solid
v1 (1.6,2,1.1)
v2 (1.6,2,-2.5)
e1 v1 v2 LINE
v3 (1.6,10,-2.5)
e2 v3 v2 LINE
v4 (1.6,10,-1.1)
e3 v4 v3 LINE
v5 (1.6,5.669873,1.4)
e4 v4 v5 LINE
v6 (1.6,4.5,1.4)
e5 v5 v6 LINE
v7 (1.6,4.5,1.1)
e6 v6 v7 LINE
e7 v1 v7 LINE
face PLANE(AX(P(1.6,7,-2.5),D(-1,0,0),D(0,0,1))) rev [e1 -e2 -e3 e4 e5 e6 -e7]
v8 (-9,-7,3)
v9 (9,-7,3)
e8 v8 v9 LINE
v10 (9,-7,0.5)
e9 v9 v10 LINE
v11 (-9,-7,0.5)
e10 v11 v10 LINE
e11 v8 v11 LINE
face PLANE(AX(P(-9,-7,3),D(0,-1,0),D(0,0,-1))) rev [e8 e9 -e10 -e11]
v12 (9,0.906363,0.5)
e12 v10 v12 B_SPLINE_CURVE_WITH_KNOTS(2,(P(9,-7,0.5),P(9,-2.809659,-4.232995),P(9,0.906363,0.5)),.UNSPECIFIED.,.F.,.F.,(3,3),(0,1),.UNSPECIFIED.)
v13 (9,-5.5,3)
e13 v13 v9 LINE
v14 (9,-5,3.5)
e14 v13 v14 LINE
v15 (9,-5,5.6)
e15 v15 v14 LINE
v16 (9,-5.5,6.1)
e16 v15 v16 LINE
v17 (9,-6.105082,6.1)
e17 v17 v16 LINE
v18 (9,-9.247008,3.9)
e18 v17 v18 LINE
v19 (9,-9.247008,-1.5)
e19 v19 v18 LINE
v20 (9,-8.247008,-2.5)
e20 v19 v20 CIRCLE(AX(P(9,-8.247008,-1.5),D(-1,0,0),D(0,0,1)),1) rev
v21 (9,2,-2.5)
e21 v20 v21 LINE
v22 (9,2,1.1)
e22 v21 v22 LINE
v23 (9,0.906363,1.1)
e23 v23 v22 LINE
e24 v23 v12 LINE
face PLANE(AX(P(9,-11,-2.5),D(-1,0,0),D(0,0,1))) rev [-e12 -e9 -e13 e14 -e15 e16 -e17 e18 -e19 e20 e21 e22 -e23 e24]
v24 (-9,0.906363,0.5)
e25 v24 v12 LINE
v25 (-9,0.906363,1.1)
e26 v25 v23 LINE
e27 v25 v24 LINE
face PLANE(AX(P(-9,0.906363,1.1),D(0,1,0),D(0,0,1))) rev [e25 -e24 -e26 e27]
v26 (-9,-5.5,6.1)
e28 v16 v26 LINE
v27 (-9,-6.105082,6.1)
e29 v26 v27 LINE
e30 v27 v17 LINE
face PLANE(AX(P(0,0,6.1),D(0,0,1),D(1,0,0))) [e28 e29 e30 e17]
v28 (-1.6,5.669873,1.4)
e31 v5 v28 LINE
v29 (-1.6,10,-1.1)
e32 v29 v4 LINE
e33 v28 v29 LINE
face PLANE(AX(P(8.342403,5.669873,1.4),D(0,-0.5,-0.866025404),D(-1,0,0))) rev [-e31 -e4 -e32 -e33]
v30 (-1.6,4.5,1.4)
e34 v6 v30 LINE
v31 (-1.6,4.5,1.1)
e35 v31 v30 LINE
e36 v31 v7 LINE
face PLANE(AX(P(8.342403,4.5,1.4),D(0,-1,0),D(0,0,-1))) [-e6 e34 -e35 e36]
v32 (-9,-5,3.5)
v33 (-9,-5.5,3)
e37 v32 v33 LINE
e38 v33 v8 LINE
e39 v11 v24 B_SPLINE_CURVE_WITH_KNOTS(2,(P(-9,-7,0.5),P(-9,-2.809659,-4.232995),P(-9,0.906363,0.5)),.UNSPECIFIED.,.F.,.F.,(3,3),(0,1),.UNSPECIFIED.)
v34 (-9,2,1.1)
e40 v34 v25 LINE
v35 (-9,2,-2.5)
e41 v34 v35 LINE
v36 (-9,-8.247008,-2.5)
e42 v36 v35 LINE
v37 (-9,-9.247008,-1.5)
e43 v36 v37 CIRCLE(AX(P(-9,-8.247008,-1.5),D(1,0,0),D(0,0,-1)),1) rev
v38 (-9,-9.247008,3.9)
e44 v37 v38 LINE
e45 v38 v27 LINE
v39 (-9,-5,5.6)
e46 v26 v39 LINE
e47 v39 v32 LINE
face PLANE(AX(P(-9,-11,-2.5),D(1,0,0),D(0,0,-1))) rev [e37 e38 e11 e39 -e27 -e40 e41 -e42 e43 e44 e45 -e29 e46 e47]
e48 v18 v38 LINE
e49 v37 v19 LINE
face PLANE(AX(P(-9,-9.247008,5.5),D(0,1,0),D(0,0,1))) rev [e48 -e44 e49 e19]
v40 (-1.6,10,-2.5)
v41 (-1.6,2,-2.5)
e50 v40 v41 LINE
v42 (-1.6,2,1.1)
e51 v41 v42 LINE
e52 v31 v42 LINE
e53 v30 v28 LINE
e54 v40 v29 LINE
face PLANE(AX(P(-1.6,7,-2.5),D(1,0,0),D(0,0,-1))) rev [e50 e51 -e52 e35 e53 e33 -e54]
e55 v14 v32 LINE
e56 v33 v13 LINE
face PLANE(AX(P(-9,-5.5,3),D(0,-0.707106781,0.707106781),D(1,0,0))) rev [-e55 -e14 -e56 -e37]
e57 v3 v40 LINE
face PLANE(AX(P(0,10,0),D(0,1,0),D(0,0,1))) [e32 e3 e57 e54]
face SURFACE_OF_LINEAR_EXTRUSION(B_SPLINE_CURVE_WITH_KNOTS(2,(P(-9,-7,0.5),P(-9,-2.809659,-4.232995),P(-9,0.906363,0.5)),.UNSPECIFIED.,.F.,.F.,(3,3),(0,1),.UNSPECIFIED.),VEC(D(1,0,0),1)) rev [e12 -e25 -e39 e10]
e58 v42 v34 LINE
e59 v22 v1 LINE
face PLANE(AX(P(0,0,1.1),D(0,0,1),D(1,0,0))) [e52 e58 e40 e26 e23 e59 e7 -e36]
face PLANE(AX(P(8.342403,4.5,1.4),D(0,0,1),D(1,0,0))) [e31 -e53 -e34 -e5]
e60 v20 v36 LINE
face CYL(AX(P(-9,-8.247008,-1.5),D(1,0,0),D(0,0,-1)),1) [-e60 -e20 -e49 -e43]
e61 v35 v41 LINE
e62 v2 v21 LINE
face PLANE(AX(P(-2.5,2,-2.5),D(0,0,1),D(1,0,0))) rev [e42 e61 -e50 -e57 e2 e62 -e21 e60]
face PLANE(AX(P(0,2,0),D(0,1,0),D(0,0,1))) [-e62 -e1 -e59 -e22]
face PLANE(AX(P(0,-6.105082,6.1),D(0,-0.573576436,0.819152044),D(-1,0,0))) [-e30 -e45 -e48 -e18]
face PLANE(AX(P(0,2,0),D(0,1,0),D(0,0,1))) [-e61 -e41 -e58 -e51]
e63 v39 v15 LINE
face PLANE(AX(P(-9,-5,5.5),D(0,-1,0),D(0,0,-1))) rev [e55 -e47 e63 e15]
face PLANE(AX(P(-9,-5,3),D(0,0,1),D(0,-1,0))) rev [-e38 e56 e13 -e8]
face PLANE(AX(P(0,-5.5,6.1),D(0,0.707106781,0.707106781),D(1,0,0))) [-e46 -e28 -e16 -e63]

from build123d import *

# Parameters (mm, degrees)
SKETCH1_W           = 5
SKETCH1_H           = 5
BOSS_EXTRUDE1_DEPTH = 2
SKETCH2_W           = 3.2
SKETCH2_H           = 3
BOSS_EXTRUDE2_DEPTH = 5
SKETCH3_W           = 3.2
SKETCH3_H           = 3.6
BOSS_EXTRUDE3_DEPTH = 3
CUT_EXTRUDE1_DEPTH  = 12.093241186
SKETCH6_W           = 5
SKETCH6_H           = 2
CUT_EXTRUDE2_DEPTH  = 12.456439237
SKETCH7_W           = 18
SKETCH7_H           = 4
BOSS_EXTRUDE5_DEPTH = 13
SKETCH8_W           = 18
SKETCH8_H           = 6
BOSS_EXTRUDE6_DEPTH = 4
SKETCH9_W           = 1.5
SKETCH9_H           = 2
CUT_EXTRUDE4_DEPTH  = 22.800229357
SKETCH10_W          = 1
SKETCH10_H          = 9
CUT_EXTRUDE5_DEPTH  = 22.800229357
CUT_EXTRUDE6_DEPTH  = 22.800229357
BOSS_EXTRUDE7_DEPTH = 0.6
SKETCH13_W          = 3.9
SKETCH13_H          = 5.5
BOSS_EXTRUDE8_DEPTH = 3.2
CHAMFER2_SIZE       = 2.5
CHAMFER2_SIZE2      = 4.330127019
SKETCH14_W          = 8
SKETCH14_H          = 1.75299242
CUT_EXTRUDE7_DEPTH  = 22.800229515
SKETCH16_W          = 18
SKETCH16_H          = 4.24700758
BOSS_EXTRUDE9_DEPTH = 0.6
CHAMFER4_SIZE       = 2.2
CHAMFER4_SIZE2      = 3.141925615
CHAMFER5_SIZE       = 0.5
FILLET1_R           = 1


with BuildPart() as part:
    # Sketch1 → Boss-Extrude1 (new body)
    with BuildSketch(Plane(origin=(0, 0, 0), x_dir=(1, 0, 0), z_dir=(0, 1, 0))):
        Rectangle(SKETCH1_W, SKETCH1_H)
    extrude(amount=BOSS_EXTRUDE1_DEPTH)

    # Sketch2 → Boss-Extrude2 (add)
    with BuildSketch(Plane(origin=(0, 2, 0), x_dir=(1, 0, 0), z_dir=(0, 1, 0))):
        with Locations((0, 1)):
            Rectangle(SKETCH2_W, SKETCH2_H)
    extrude(amount=BOSS_EXTRUDE2_DEPTH)

    # Sketch3 → Boss-Extrude3 (add)
    with BuildSketch(Plane(origin=(0, 7, 0), x_dir=(1, 0, 0), z_dir=(0, 1, 0))):
        with Locations((0, 0.7)):
            Rectangle(SKETCH3_W, SKETCH3_H)
    extrude(amount=BOSS_EXTRUDE3_DEPTH)

    # Sketch4 → Cut-Extrude1 (cut, through all)
    with BuildSketch(Plane(origin=(1.6, 0, 0), x_dir=(0, 0, -1), z_dir=(1, 0, 0))):
        Polygon((-1.1, 7), (0.75, 10), (-1.1, 10), align=None)
    extrude(amount=-CUT_EXTRUDE1_DEPTH, mode=Mode.SUBTRACT)

    # Sketch6 → Cut-Extrude2 (cut, through all)
    with BuildSketch(Plane.XY.offset(2.5)):
        with Locations((0, 1)):
            Rectangle(SKETCH6_W, SKETCH6_H)
    extrude(amount=-CUT_EXTRUDE2_DEPTH, mode=Mode.SUBTRACT)

    # Sketch7 → Boss-Extrude5 (add)
    with BuildSketch(Plane.XZ.offset(-2)):
        with Locations((0, -0.5)):
            Rectangle(SKETCH7_W, SKETCH7_H)
    extrude(amount=BOSS_EXTRUDE5_DEPTH)

    # Sketch8 → Boss-Extrude6 (add)
    with BuildSketch(Plane.XY.offset(1.5)):
        with Locations((0, -8)):
            Rectangle(SKETCH8_W, SKETCH8_H)
    extrude(amount=BOSS_EXTRUDE6_DEPTH)

    # Sketch9 → Cut-Extrude4 (cut, through all)
    with BuildSketch(Plane(origin=(9, 0, 0), x_dir=(0, 0, -1), z_dir=(1, 0, 0))):
        with Locations((-2.25, -6)):
            Rectangle(SKETCH9_W, SKETCH9_H)
    extrude(amount=-CUT_EXTRUDE4_DEPTH, mode=Mode.SUBTRACT)

    # Sketch10 → Cut-Extrude5 (cut, through all)
    with BuildSketch(Plane(origin=(9, 0, 0), x_dir=(0, 0, -1), z_dir=(1, 0, 0))):
        with Locations((-1, -2.5)):
            Rectangle(SKETCH10_W, SKETCH10_H)
    extrude(amount=-CUT_EXTRUDE5_DEPTH, mode=Mode.SUBTRACT)

    # Sketch11 → Cut-Extrude6 (cut, through all)
    with BuildSketch(Plane(origin=(9, 0, 0), x_dir=(0, 0, -1), z_dir=(1, 0, 0))):
        with BuildLine():
            Line((-0.5, 0.906362555), (-0.5, -7))
            add(Edge.make_bspline(
                [(-0.5, 0.906362555), (4.232995097, -2.809658902), (-0.5, -7)],
                knots=[0, 0, 0, 1, 1, 1], degree=2))
        make_face()
    extrude(amount=-CUT_EXTRUDE6_DEPTH, mode=Mode.SUBTRACT)

    # Sketch12 → Boss-Extrude7 (add)
    with BuildSketch(Plane.XY.offset(0.5)):
        Polygon((-9, 2), (-9, 0.906362555), (9, 0.906362555), (9, 2), (1.6, 2), (1.6, 7), (-1.6, 7), (-1.6, 2), align=None)
    extrude(amount=BOSS_EXTRUDE7_DEPTH)

    # Sketch13 → Boss-Extrude8 (add)
    with BuildSketch(Plane.ZY.offset(1.6)):
        with Locations((-0.55, 7.25)):
            Rectangle(SKETCH13_W, SKETCH13_H)
    extrude(amount=-BOSS_EXTRUDE8_DEPTH)

    # Chamfer2
    chamfer2_edges = [part.edges().sort_by_distance(p)[0] for p in [
        (0, 10, 1.4),
    ]]
    chamfer2_side = [part.faces().sort_by_distance(p)[0] for p in [
        (0, 10, -0.55),
    ]]
    chamfer(chamfer2_edges, length=CHAMFER2_SIZE, length2=CHAMFER2_SIZE2, reference=chamfer2_side[0])

    # Sketch14 → Cut-Extrude7 (cut, through all)
    with BuildSketch(Plane(origin=(9, 0, 0), x_dir=(0, 0, -1), z_dir=(1, 0, 0))):
        with Locations((-1.5, -10.12350379)):
            Rectangle(SKETCH14_W, SKETCH14_H)
    extrude(amount=-CUT_EXTRUDE7_DEPTH, mode=Mode.SUBTRACT)

    # Sketch16 → Boss-Extrude9 (add)
    with BuildSketch(Plane.XY.offset(5.5)):
        with Locations((0, -7.12350379)):
            Rectangle(SKETCH16_W, SKETCH16_H)
    extrude(amount=BOSS_EXTRUDE9_DEPTH)

    # Chamfer4
    chamfer4_edges = [part.edges().sort_by_distance(p)[0] for p in [
        (0, -9.24700758, 6.1),
    ]]
    chamfer4_side = [part.faces().sort_by_distance(p)[0] for p in [
        (0, -9.24700758, 1.8),
    ]]
    chamfer(chamfer4_edges, length=CHAMFER4_SIZE, length2=CHAMFER4_SIZE2, reference=chamfer4_side[0])

    # Chamfer5
    chamfer5_edges = [part.edges().sort_by_distance(p)[0] for p in [
        (0, -5, 3),
        (0, -5, 6.1),
    ]]
    chamfer(chamfer5_edges, length=CHAMFER5_SIZE)

    # Fillet1
    fillet1_edges = [part.edges().sort_by_distance(p)[0] for p in [
        (0, -9.24700758, -2.5),
    ]]
    fillet(fillet1_edges, radius=FILLET1_R)


solid = part.part
